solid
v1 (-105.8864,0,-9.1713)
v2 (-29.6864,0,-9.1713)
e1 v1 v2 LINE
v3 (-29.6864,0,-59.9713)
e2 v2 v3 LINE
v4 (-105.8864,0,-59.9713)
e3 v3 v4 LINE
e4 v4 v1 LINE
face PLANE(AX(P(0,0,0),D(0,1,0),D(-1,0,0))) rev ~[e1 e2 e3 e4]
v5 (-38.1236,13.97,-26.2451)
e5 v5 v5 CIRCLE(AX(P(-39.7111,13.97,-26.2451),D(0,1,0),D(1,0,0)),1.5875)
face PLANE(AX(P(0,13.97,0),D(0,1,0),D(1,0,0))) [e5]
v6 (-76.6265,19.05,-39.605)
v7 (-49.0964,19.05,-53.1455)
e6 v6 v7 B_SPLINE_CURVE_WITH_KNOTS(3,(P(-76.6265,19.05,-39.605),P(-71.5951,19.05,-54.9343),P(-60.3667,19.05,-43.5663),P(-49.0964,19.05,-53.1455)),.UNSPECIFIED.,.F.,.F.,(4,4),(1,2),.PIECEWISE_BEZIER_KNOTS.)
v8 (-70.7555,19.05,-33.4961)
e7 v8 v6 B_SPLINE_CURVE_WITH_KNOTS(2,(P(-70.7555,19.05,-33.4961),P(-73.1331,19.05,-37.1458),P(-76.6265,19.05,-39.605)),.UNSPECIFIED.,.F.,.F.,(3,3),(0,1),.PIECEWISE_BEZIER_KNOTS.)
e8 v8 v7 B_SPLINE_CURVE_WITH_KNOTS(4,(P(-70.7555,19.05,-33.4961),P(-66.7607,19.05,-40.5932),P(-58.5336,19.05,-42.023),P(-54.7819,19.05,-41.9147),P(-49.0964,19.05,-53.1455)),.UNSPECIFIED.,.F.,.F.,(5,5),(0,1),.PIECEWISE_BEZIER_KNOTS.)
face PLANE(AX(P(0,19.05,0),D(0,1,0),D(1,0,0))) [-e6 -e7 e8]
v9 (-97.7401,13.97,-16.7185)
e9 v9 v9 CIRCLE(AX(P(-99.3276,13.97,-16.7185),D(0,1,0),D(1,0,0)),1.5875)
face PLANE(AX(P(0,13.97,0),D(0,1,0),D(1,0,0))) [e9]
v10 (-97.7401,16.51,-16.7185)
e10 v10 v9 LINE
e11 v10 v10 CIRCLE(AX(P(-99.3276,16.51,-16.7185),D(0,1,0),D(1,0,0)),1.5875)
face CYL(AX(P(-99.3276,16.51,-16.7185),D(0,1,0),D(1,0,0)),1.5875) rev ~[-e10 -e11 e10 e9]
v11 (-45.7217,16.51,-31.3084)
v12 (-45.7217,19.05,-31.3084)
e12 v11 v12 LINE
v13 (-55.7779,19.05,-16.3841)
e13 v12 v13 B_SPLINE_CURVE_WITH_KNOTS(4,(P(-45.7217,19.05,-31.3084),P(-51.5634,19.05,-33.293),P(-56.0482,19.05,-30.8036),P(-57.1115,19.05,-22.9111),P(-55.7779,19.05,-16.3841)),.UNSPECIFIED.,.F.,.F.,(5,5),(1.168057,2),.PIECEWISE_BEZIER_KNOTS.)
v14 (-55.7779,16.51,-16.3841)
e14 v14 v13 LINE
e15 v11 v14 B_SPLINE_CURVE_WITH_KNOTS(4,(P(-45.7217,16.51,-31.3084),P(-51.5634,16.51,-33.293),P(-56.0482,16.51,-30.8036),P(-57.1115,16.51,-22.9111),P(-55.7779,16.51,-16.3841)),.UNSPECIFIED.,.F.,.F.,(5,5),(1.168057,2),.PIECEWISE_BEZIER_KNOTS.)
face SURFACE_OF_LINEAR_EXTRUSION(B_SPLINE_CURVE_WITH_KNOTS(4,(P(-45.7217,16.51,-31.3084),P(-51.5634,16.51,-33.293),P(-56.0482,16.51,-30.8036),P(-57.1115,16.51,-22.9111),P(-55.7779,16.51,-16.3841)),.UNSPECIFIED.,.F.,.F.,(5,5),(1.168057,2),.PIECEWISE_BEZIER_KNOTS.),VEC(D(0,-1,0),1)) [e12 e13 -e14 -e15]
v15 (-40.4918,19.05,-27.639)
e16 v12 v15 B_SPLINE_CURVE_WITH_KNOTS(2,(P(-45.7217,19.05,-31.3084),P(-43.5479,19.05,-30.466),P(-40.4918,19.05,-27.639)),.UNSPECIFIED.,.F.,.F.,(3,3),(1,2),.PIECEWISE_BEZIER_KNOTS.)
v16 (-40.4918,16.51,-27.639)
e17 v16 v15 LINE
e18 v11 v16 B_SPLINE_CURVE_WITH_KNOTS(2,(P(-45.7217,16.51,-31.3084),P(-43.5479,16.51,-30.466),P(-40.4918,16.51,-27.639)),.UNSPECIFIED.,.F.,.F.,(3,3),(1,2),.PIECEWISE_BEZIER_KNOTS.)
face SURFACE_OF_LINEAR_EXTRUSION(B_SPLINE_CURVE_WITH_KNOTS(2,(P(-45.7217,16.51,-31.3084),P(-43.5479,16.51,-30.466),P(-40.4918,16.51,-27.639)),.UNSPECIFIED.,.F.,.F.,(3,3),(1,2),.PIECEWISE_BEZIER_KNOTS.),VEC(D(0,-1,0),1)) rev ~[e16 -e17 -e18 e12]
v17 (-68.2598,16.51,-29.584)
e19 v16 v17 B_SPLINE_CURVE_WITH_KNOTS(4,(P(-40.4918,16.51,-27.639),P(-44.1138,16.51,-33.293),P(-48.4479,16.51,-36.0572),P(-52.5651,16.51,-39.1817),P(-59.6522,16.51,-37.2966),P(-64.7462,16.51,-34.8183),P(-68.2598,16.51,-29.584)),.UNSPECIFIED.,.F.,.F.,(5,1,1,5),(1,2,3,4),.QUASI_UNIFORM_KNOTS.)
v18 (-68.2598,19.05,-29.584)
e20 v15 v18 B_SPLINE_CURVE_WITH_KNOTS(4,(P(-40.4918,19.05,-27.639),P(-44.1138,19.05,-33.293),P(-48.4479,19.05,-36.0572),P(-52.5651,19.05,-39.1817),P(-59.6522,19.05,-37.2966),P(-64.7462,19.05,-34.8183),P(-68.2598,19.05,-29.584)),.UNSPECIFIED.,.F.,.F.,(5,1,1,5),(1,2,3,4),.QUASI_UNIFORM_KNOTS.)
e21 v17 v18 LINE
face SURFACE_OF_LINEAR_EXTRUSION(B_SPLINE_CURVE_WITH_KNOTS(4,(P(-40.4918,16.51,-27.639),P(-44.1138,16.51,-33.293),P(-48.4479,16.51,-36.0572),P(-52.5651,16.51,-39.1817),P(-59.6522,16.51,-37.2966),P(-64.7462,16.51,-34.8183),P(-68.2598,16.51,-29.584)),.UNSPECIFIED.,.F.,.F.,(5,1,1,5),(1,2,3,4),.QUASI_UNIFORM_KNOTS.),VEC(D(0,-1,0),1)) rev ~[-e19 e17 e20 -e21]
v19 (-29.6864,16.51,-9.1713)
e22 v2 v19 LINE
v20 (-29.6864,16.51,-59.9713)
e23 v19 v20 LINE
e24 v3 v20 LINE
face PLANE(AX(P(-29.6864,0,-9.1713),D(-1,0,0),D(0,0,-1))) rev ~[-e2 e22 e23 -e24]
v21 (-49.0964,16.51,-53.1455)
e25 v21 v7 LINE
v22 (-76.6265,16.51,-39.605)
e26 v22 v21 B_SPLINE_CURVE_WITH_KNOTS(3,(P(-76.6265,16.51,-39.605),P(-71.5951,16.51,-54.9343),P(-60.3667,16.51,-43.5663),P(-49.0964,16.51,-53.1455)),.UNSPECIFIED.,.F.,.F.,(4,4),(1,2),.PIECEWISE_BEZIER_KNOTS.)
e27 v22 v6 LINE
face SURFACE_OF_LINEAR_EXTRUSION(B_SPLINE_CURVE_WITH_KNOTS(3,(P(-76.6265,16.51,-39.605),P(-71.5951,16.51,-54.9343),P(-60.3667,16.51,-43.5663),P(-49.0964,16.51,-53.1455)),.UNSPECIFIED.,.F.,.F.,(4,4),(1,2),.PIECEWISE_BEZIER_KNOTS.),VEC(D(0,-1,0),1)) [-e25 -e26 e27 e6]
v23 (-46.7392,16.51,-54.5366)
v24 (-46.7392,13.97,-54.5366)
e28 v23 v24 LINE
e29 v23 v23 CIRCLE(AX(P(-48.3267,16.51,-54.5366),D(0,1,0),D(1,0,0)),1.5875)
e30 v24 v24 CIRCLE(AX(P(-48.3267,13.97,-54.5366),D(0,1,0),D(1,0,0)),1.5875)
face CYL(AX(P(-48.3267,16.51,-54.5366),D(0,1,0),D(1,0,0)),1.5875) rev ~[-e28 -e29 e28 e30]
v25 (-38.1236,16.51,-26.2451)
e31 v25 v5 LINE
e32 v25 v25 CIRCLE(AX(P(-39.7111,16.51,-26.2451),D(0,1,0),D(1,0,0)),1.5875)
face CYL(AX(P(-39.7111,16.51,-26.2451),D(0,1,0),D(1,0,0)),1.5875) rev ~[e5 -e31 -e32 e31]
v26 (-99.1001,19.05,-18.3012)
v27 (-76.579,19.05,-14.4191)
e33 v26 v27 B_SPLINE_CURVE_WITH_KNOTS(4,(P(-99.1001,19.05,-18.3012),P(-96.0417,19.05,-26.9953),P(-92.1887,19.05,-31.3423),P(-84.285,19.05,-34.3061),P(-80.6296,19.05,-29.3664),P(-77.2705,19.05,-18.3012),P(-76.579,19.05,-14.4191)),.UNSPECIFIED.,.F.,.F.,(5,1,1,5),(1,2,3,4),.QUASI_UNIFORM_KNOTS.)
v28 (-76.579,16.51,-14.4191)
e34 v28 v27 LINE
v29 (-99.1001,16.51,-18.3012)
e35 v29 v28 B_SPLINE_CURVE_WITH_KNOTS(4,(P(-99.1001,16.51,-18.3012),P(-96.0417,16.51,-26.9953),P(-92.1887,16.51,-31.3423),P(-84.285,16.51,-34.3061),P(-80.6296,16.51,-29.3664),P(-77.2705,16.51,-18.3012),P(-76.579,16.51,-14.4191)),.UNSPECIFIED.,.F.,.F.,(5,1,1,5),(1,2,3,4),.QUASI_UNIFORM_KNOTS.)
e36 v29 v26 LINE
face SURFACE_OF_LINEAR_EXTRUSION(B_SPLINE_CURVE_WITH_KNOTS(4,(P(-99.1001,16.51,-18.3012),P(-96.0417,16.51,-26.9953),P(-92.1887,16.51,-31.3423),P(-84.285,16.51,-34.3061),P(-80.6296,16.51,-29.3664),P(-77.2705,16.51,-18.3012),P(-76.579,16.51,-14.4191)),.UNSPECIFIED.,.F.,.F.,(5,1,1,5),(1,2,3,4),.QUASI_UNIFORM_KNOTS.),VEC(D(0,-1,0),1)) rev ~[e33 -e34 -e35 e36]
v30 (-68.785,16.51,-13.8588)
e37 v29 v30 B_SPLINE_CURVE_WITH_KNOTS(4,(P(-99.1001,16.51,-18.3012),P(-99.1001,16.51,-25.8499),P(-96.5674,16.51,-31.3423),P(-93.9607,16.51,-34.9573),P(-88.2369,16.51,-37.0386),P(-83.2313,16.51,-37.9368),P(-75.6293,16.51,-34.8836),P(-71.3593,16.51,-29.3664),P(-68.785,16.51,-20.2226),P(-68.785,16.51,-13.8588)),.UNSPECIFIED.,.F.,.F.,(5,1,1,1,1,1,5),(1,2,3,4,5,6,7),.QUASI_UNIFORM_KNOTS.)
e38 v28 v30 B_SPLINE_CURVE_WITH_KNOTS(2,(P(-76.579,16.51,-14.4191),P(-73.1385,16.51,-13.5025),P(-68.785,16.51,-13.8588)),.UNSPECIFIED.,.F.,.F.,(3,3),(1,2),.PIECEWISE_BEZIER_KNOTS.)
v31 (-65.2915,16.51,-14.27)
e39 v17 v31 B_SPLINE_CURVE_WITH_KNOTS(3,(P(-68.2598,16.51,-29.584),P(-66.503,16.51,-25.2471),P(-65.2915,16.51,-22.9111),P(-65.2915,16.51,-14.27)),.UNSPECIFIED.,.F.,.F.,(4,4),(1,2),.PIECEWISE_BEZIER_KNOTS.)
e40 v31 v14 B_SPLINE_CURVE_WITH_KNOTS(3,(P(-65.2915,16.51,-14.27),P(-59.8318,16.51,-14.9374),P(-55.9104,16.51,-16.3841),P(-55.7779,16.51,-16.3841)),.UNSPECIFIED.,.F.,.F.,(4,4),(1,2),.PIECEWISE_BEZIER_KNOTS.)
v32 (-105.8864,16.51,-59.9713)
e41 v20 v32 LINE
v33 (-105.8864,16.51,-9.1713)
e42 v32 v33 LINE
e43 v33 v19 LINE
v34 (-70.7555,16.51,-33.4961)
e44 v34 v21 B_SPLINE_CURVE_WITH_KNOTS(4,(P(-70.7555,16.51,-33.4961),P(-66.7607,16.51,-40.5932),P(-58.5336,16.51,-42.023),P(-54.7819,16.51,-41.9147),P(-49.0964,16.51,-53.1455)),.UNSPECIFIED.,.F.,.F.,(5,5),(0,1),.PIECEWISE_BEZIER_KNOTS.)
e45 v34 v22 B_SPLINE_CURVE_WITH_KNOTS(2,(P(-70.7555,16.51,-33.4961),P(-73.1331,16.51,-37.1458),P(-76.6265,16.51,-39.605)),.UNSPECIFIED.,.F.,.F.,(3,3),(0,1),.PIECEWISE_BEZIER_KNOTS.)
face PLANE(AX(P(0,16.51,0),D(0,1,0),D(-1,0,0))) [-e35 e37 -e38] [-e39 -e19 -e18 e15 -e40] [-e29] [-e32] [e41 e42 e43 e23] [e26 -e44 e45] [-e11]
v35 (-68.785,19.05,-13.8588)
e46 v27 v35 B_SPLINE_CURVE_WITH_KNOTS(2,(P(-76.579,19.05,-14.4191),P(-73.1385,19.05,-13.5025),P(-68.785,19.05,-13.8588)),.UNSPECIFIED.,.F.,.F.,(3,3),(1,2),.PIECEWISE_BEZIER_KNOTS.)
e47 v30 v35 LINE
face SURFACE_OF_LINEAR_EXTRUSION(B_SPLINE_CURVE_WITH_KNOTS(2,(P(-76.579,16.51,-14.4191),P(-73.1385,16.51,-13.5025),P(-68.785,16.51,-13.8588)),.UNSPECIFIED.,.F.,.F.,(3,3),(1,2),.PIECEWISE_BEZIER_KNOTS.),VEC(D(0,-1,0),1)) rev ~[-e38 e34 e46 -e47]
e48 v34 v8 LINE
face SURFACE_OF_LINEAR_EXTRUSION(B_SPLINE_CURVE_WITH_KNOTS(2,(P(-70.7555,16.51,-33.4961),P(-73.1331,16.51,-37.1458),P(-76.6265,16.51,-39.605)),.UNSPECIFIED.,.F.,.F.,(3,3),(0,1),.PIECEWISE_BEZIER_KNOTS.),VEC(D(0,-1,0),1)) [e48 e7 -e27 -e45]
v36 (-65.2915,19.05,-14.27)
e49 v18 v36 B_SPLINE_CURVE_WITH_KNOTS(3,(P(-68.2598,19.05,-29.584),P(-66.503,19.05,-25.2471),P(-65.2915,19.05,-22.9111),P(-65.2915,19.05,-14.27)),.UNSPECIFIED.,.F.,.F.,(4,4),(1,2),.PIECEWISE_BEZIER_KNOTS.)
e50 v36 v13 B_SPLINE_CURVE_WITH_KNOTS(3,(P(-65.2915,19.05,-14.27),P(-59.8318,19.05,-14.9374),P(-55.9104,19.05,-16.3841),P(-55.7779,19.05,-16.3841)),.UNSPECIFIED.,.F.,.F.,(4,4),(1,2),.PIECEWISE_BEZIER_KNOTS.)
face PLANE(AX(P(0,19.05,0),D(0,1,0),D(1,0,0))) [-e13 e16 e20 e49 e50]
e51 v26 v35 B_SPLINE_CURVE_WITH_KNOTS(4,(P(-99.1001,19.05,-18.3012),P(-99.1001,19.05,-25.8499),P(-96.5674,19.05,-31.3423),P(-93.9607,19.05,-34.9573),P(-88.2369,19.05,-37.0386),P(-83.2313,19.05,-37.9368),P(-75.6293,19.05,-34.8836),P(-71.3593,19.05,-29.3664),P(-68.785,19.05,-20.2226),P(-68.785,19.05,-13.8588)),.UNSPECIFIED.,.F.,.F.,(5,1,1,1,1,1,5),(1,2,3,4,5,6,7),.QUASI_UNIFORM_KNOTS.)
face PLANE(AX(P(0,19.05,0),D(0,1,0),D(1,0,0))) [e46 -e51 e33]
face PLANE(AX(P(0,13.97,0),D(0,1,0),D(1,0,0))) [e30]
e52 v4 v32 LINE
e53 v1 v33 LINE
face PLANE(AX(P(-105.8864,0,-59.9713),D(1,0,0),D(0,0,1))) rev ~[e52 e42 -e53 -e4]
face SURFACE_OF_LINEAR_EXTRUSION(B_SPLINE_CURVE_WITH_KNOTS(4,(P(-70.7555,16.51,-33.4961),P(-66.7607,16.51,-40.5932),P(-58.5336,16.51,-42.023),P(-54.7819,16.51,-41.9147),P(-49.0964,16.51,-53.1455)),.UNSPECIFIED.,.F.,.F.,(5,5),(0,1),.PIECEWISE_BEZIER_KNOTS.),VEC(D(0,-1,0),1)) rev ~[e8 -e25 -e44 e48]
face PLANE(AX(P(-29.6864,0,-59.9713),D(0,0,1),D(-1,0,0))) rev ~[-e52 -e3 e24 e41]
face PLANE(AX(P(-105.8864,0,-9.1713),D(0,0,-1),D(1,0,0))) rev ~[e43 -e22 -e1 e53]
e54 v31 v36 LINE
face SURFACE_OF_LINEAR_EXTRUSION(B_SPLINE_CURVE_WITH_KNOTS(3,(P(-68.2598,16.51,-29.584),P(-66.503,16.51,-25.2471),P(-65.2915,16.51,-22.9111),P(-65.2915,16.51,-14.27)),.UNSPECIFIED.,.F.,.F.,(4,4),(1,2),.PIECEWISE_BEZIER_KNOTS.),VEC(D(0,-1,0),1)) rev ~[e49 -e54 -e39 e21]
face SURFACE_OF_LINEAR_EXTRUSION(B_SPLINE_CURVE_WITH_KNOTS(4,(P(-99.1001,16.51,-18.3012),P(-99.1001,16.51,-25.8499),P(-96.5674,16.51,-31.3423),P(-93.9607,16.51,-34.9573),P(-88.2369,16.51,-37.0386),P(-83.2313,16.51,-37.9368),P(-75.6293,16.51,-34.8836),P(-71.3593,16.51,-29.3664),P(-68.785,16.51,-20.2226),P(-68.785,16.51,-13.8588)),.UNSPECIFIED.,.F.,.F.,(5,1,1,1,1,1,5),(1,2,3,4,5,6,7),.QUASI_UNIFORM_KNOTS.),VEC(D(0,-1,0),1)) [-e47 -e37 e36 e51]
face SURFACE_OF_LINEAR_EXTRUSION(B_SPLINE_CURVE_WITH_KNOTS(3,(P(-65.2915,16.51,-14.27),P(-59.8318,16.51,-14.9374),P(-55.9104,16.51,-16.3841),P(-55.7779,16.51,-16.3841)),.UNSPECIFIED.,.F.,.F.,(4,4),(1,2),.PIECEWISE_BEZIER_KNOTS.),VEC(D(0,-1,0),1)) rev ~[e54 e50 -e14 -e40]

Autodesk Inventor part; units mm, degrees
ref_plane "YZ Plane" through (0, 0, 0) normal (1, 0, 0) x (0, 1, 0)
ref_plane "XZ Plane" through (0, 0, 0) normal (0, 1, 0) x (-1, 0, 0)
ref_plane "XY Plane" through (0, 0, 0) normal (0, 0, 1) x (1, 0, 0)
sketch "Sketch1" plane through (0, 0, 0) normal (0, 1, 0) x (-1, 0, 0)
  line L0 (105.8864, -9.1713) -> (29.6864, -9.1713)
  line L1 (29.6864, -9.1713) -> (29.6864, -59.9713)
  line L2 (29.6864, -59.9713) -> (105.8864, -59.9713)
  line L3 (105.8864, -59.9713) -> (105.8864, -9.1713)
  point P0 (0, 0)
  dimension "d0" = 76.2
  dimension "d1" = 50.8
extrude "Extrusion1" add sketch "Sketch1" along normal blind 16.51
sketch "Sketch2" plane through (0, 16.51, 0) normal (0, 1, 0) x (1, 0, 0)
  line L0 (-99.1001, 18.3012) -> (-96.0417, 26.9953) construction
  line L1 (-96.0417, 26.9953) -> (-92.1887, 31.3423) construction
  line L2 (-92.1887, 31.3423) -> (-84.285, 34.3061) construction
  line L3 (-84.285, 34.3061) -> (-80.6296, 29.3664) construction
  line L4 (-80.6296, 29.3664) -> (-77.2705, 18.3012) construction
  line L5 (-77.2705, 18.3012) -> (-76.579, 14.4191) construction
  spline S0 degree 4 poles (-99.1001, 18.3012) (-96.0417, 26.9953) (-92.1887, 31.3423) (-84.285, 34.3061) (-80.6296, 29.3664) (-77.2705, 18.3012) (-76.579, 14.4191) knots 1 1 1 1 1 2 3 4 4 4 4 4
  line L6 (-99.1001, 18.3012) -> (-99.1001, 25.8499) construction
  line L7 (-99.1001, 25.8499) -> (-96.5674, 31.3423) construction
  line L8 (-96.5674, 31.3423) -> (-93.9607, 34.9573) construction
  line L9 (-93.9607, 34.9573) -> (-88.2369, 37.0386) construction
  line L10 (-88.2369, 37.0386) -> (-83.2313, 37.9368) construction
  line L11 (-83.2313, 37.9368) -> (-75.6293, 34.8836) construction
  line L12 (-75.6293, 34.8836) -> (-71.3593, 29.3664) construction
  line L13 (-71.3593, 29.3664) -> (-68.785, 20.2226) construction
  line L14 (-68.785, 20.2226) -> (-68.785, 13.8588) construction
  spline S1 degree 4 poles (-99.1001, 18.3012) (-99.1001, 25.8499) (-96.5674, 31.3423) (-93.9607, 34.9573) (-88.2369, 37.0386) (-83.2313, 37.9368) (-75.6293, 34.8836) (-71.3593, 29.3664) (-68.785, 20.2226) (-68.785, 13.8588) knots 1 1 1 1 1 2 3 4 5 6 7 7 7 7 7
  line L15 (-68.2598, 29.584) -> (-66.503, 25.2471) construction
  line L16 (-66.503, 25.2471) -> (-65.2915, 22.9111) construction
  line L17 (-65.2915, 22.9111) -> (-65.2915, 14.27) construction
  spline S2 degree 3 poles (-68.2598, 29.584) (-66.503, 25.2471) (-65.2915, 22.9111) (-65.2915, 14.27) knots 1 1 1 1 2 2 2 2
  spline S3 degree 2 poles (-70.7555, 33.4961) (-73.1331, 37.1458) (-76.6265, 39.605) knots 0 0 0 1 1 1
  line L18 (-76.6265, 39.605) -> (-71.5951, 54.9343) construction
  line L19 (-71.5951, 54.9343) -> (-60.3667, 43.5663) construction
  line L20 (-60.3667, 43.5663) -> (-49.0964, 53.1455) construction
  spline S4 degree 3 poles (-76.6265, 39.605) (-71.5951, 54.9343) (-60.3667, 43.5663) (-49.0964, 53.1455) knots 1 1 1 1 2 2 2 2
  line L21 (-65.2915, 14.27) -> (-59.8318, 14.9374) construction
  line L22 (-59.8318, 14.9374) -> (-55.9104, 16.3841) construction
  line L23 (-55.9104, 16.3841) -> (-55.7779, 16.3841) construction
  spline S5 degree 3 poles (-65.2915, 14.27) (-59.8318, 14.9374) (-55.9104, 16.3841) (-55.7779, 16.3841) knots 1 1 1 1 2 2 2 2
  line L24 (-57.1115, 22.9111) -> (-55.7779, 16.3841) construction
  spline S6 degree 4 poles (-45.7217, 31.3084) (-51.5634, 33.293) (-56.0482, 30.8036) (-57.1115, 22.9111) (-55.7779, 16.3841) knots 1.168057 1.168057 1.168057 1.168057 1.168057 2 2 2 2 2
  line L25 (-45.7217, 31.3084) -> (-51.5634, 33.293) construction
  line L26 (-51.5634, 33.293) -> (-56.0482, 30.8036) construction
  line L27 (-56.0482, 30.8036) -> (-57.1115, 22.9111) construction
  line L28 (-45.7217, 31.3084) -> (-43.5479, 30.466) construction
  line L29 (-43.5479, 30.466) -> (-40.4918, 27.639) construction
  spline S7 degree 2 poles (-45.7217, 31.3084) (-43.5479, 30.466) (-40.4918, 27.639) knots 1 1 1 2 2 2
  line L30 (-40.4918, 27.639) -> (-44.1138, 33.293) construction
  line L31 (-44.1138, 33.293) -> (-48.4479, 36.0572) construction
  line L32 (-48.4479, 36.0572) -> (-52.5651, 39.1817) construction
  line L33 (-52.5651, 39.1817) -> (-59.6522, 37.2966) construction
  line L34 (-59.6522, 37.2966) -> (-64.7462, 34.8183) construction
  line L35 (-64.7462, 34.8183) -> (-68.2598, 29.584) construction
  spline S8 degree 4 poles (-40.4918, 27.639) (-44.1138, 33.293) (-48.4479, 36.0572) (-52.5651, 39.1817) (-59.6522, 37.2966) (-64.7462, 34.8183) (-68.2598, 29.584) knots 1 1 1 1 1 2 3 4 4 4 4 4
  spline S9 degree 4 poles (-70.7555, 33.4961) (-66.7607, 40.5932) (-58.5336, 42.023) (-54.7819, 41.9147) (-49.0964, 53.1455) knots 0 0 0 0 0 1 1 1 1 1
  line L36 (-76.579, 14.4191) -> (-73.1385, 13.5025) construction
  line L37 (-73.1385, 13.5025) -> (-68.785, 13.8588) construction
  spline S10 degree 2 poles (-76.579, 14.4191) (-73.1385, 13.5025) (-68.785, 13.8588) knots 1 1 1 2 2 2
  point P0 (0, 0)
  point P1 (-73.4266, 36.8633)
  point P2 (-65.6468, 38.768)
  point P3 (-60.3715, 41.5372)
  point P4 (-55.5489, 44.3879)
sketch "Sketch5" plane through (0, 16.51, 0) normal (0, 1, 0) x (1, 0, 0)
  circle A0 centre (-39.7111, 26.2451) radius 1.5875
  circle A1 centre (-99.3276, 16.7185) radius 1.5875
  circle A2 centre (-48.3267, 54.5366) radius 1.5875
  point P0 (0, 0)
extrude "Extrusion8" add sketch "Sketch2" along normal blind 2.54
extrude "Extrusion9" cut sketch "Sketch5" against normal blind 2.54
properties part number "cimproj"
